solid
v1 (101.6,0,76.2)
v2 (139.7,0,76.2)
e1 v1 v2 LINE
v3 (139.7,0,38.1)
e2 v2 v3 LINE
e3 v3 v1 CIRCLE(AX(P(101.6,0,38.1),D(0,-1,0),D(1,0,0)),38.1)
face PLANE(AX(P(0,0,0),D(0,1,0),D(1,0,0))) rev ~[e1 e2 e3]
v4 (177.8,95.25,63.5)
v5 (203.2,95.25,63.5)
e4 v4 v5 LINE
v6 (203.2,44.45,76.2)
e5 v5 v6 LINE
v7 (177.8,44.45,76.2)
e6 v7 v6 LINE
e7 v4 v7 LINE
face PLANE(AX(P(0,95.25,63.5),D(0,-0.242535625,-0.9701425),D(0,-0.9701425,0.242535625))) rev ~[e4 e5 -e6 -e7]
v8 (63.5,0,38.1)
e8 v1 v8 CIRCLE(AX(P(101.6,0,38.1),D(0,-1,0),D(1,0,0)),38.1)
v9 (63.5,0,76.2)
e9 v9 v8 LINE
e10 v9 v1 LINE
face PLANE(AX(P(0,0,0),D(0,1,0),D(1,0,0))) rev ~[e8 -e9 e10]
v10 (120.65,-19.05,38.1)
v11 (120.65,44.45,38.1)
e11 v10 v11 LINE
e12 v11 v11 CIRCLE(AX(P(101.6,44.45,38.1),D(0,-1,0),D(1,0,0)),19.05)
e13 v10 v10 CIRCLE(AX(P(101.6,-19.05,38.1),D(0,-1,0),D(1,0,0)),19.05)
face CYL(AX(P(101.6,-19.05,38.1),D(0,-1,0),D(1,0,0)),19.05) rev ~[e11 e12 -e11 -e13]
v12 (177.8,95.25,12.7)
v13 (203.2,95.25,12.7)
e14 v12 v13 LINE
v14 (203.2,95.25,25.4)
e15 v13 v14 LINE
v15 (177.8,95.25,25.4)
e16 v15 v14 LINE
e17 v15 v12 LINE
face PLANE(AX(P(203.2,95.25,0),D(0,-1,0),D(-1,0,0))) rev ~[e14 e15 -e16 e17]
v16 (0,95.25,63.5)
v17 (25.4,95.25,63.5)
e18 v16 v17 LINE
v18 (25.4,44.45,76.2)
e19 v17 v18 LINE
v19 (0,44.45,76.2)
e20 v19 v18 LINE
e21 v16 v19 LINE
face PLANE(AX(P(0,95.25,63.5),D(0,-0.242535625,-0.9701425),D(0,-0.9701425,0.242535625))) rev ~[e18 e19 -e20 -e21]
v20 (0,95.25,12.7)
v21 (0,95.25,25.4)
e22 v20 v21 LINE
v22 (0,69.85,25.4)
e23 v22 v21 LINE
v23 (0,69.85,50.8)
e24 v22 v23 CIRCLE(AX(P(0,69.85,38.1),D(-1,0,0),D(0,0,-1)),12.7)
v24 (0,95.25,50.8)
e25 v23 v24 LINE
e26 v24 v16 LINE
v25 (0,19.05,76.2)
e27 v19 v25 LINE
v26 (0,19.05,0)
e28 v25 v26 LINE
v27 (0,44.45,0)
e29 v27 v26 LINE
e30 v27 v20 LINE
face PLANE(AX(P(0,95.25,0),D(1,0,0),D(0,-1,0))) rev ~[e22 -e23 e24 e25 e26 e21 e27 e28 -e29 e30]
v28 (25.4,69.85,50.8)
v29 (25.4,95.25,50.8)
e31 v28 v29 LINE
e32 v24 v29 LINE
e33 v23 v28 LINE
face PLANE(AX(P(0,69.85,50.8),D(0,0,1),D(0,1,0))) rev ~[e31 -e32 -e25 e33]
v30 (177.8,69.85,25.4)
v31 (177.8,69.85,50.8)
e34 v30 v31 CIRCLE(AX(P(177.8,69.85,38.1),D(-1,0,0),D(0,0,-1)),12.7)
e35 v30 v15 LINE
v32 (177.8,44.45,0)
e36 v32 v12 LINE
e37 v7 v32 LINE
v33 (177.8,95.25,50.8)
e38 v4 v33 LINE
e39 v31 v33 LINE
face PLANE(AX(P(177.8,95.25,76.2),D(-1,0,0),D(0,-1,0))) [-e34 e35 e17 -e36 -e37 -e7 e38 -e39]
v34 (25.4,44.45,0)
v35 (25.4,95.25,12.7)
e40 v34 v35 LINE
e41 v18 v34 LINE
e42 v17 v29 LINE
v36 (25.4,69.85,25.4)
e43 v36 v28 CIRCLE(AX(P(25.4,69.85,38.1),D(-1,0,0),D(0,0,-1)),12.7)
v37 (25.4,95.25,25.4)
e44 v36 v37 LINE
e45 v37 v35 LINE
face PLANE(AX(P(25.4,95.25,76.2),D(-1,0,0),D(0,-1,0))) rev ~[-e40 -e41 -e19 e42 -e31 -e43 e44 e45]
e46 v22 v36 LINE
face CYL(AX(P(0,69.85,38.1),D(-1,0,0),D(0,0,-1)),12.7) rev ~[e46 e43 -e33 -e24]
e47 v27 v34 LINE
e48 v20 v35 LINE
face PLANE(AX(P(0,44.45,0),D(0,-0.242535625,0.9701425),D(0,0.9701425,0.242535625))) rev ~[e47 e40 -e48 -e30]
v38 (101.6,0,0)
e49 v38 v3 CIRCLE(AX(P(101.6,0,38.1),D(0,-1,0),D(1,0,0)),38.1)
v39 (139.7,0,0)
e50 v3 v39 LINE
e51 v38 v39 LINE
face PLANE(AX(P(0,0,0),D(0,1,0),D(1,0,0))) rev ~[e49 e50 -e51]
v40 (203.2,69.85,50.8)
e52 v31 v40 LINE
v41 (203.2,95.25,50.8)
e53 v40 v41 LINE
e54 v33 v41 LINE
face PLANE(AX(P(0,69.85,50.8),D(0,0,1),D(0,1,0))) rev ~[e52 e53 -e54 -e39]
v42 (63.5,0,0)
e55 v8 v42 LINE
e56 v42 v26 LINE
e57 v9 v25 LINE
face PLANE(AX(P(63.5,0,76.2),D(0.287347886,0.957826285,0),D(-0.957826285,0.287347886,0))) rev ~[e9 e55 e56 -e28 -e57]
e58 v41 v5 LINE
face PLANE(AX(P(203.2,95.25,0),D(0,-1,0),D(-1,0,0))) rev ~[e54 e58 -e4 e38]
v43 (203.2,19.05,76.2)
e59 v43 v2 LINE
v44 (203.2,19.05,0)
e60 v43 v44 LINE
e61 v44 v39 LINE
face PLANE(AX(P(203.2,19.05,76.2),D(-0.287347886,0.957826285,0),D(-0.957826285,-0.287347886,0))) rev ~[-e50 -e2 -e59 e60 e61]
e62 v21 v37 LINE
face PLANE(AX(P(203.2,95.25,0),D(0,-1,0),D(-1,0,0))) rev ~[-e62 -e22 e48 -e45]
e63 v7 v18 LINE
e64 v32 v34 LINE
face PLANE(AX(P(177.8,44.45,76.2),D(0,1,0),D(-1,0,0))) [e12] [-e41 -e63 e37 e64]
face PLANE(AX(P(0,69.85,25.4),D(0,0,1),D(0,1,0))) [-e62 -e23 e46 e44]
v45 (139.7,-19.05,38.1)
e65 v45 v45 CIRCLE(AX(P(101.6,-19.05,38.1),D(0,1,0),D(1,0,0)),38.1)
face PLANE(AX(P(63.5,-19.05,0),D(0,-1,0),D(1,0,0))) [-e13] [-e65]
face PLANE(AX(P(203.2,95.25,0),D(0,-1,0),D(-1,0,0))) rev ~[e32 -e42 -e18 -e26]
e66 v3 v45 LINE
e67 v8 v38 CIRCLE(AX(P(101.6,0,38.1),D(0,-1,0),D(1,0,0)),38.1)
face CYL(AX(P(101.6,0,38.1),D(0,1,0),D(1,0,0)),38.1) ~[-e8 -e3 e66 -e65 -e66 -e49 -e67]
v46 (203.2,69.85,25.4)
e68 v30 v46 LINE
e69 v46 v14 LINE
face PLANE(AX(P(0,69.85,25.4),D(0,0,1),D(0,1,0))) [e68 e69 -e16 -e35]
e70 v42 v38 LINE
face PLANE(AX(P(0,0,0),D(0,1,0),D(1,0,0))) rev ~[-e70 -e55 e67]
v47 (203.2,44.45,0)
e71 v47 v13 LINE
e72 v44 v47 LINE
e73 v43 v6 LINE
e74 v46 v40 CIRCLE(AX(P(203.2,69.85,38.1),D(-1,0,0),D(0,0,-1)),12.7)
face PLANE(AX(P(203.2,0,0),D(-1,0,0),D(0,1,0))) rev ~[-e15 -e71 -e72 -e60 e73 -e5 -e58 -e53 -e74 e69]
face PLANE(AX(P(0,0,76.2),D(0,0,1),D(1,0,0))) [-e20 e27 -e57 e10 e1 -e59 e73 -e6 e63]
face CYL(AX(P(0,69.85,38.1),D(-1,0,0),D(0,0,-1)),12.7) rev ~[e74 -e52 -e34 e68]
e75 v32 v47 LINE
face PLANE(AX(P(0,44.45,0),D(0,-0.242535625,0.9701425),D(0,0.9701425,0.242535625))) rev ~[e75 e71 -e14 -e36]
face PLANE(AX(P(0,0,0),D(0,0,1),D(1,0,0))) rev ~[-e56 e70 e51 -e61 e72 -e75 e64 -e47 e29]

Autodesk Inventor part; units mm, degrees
ref_plane "YZ Plane" through (0, 0, 0) normal (1, 0, 0) x (0, 1, 0)
ref_plane "XZ Plane" through (0, 0, 0) normal (0, 1, 0) x (-1, 0, 0)
ref_plane "XY Plane" through (0, 0, 0) normal (0, 0, 1) x (1, 0, 0)
sketch "Sketch1" plane through (0, 0, 0) normal (0, 0, 1) x (1, 0, 0)
  line L0 (0, 0) -> (203.2, 0)
  line L1 (203.2, 0) -> (203.2, 95.25)
  line L2 (203.2, 95.25) -> (0, 95.25)
  line L3 (0, 95.25) -> (0, 0)
  dimension "d0" = 95.25
  dimension "d1" = 203.2
extrude "Extrusion1" add sketch "Sketch1" along normal blind 76.2
sketch "Sketch2" plane through (0, 0, 76.2) normal (0, 0, 1) x (1, 0, 0)
  line L0 (0, 95.25) -> (0, 19.05)
  line L1 (0, 95.25) -> (0, 0) projected
  line L2 (0, 0) -> (203.2, 0) projected
  line L3 (101.6, 0) -> (63.5, 0)
  line L4 (63.5, 0) -> (139.7, 0)
  line L5 (63.5, 0) -> (0, 19.05)
  line L6 (203.2, 95.25) -> (203.2, 19.05)
  line L7 (203.2, 0) -> (203.2, 95.25) projected
  line L8 (203.2, 19.05) -> (139.7, 0)
  line L9 (0, 19.05) -> (0, 0)
  line L10 (203.2, 19.05) -> (203.2, 0)
  dimension "d4" = 76.2
  dimension "d5" = 38.1
  dimension "d6" = 76.2
  dimension "d7" = 76.2
extrude "Extrusion2" cut sketch "Sketch2" against normal blind 76.2
sketch "Sketch3" plane through (0, 0, 76.2) normal (0, 0, 1) x (1, 0, 0)
  line L0 (0, 19.05) -> (0, 44.45)
  line L1 (0, 95.25) -> (0, 19.05) projected
  line L2 (203.2, 19.05) -> (203.2, 44.45)
  line L3 (203.2, 19.05) -> (203.2, 95.25) projected
  line L4 (0, 95.25) -> (25.4, 95.25)
  line L5 (203.2, 95.25) -> (0, 95.25) projected
  line L6 (25.4, 95.25) -> (25.4, 44.45)
  line L7 (203.2, 95.25) -> (177.8, 95.25)
  line L8 (177.8, 95.25) -> (177.8, 44.45)
  line L9 (177.8, 44.45) -> (25.4, 44.45)
  point P0 (0, 0)
  dimension "d10" = 25.4
  dimension "d11" = 25.4
  dimension "d12" = 25.4
  dimension "d13" = 25.4
extrude "Extrusion3" cut sketch "Sketch3" against normal blind 76.2
sketch "Sketch4" plane through (0, 95.25, 0) normal (-1, 0, 0) x (0, 0, 1)
  line L0 (76.2, 0) -> (76.2, -50.8)
  line L1 (63.5, 0) -> (76.2, 0)
  line L2 (0, 0) -> (12.7, 0)
  line L3 (63.5, 0) -> (76.2, 0)
  line L4 (63.5, 0) -> (76.2, -50.8)
  line L5 (76.2, -50.8) -> (76.2, 0)
  line L6 (76.2, 0) -> (63.5, 0)
  line L7 (12.7, 0) -> (0, 0)
  line L8 (76.2, -50.8) -> (63.5, 0)
  line L9 (76.2, 0) -> (76.2, -50.8)
  line L10 (0, -50.8) -> (0, 0)
  line L11 (0, -50.8) -> (0, 0) projected
  line L12 (0, -50.8) -> (12.7, 0)
  point P0 (0, -95.25)
  point P1 (0, -76.2)
  point P2 (76.2, -76.2)
  dimension "d17" = 50.8
  dimension "d20" = 12.7
  dimension "d21" = 12.7
  dimension "d22" = 50.8
extrude "Extrusion4" cut sketch "Sketch4" against normal through all
sketch "Sketch6" plane through (0, 19.05, 0) normal (-1, 0, 0) x (0, 0, 1)
  line L0 (63.5, 76.2) -> (12.7, 76.2) projected
  arc A0 (25.4, 50.8) -> (50.8, 50.8) centre (38.1, 50.8) ccw
  line L1 (25.4, 50.8) -> (25.4, 76.2)
  line L2 (50.8, 50.8) -> (50.8, 76.2)
  line L3 (25.4, 76.2) -> (50.8, 76.2)
  point P0 (0, -19.05)
  dimension "d28" = 25.4
extrude "Extrusion5" cut sketch "Sketch6" against normal through all
sketch "Sketch7" plane through (63.5, 0, 0) normal (0, -1, 0) x (1, 0, 0)
  line L0 (0, 76.2) -> (0, 0) projected
  line L1 (76.2, 0) -> (76.2, 76.2) projected
  line L2 (0, 76.2) -> (76.2, 76.2) projected
  line L3 (0, 0) -> (76.2, 0) projected
  circle A0 centre (38.1, 38.1) radius 38.1
  point P0 (-63.5, 0)
extrude "Extrusion6" add sketch "Sketch7" along normal blind 19.05 contours A0
sketch "Sketch9" plane through (25.4, 44.45, 76.2) normal (0, 1, 0) x (1, 0, 0)
  arc A0 (76.2, 0) -> (114.3, 38.1) centre (76.2, 38.1) ccw projected
  circle A1 centre (76.2, 38.1) radius 19.05
  point P0 (-25.4, 76.2)
  dimension "d33" = 38.1
extrude "Extrusion7" cut sketch "Sketch9" along normal blind 63.5
sketch "Sketch11" plane through (101.6, -19.05, 38.1) normal (0, -1, 0) x (1, 0, 0)
  circle A0 centre (0, 0) radius 19.05
  point P0 (-101.6, -38.1)
  dimension "d36" = 38.1
extrude "Extrusion8" cut sketch "Sketch11" against normal blind 63.5
properties part number "5.3" material "Aluminum 6061"
